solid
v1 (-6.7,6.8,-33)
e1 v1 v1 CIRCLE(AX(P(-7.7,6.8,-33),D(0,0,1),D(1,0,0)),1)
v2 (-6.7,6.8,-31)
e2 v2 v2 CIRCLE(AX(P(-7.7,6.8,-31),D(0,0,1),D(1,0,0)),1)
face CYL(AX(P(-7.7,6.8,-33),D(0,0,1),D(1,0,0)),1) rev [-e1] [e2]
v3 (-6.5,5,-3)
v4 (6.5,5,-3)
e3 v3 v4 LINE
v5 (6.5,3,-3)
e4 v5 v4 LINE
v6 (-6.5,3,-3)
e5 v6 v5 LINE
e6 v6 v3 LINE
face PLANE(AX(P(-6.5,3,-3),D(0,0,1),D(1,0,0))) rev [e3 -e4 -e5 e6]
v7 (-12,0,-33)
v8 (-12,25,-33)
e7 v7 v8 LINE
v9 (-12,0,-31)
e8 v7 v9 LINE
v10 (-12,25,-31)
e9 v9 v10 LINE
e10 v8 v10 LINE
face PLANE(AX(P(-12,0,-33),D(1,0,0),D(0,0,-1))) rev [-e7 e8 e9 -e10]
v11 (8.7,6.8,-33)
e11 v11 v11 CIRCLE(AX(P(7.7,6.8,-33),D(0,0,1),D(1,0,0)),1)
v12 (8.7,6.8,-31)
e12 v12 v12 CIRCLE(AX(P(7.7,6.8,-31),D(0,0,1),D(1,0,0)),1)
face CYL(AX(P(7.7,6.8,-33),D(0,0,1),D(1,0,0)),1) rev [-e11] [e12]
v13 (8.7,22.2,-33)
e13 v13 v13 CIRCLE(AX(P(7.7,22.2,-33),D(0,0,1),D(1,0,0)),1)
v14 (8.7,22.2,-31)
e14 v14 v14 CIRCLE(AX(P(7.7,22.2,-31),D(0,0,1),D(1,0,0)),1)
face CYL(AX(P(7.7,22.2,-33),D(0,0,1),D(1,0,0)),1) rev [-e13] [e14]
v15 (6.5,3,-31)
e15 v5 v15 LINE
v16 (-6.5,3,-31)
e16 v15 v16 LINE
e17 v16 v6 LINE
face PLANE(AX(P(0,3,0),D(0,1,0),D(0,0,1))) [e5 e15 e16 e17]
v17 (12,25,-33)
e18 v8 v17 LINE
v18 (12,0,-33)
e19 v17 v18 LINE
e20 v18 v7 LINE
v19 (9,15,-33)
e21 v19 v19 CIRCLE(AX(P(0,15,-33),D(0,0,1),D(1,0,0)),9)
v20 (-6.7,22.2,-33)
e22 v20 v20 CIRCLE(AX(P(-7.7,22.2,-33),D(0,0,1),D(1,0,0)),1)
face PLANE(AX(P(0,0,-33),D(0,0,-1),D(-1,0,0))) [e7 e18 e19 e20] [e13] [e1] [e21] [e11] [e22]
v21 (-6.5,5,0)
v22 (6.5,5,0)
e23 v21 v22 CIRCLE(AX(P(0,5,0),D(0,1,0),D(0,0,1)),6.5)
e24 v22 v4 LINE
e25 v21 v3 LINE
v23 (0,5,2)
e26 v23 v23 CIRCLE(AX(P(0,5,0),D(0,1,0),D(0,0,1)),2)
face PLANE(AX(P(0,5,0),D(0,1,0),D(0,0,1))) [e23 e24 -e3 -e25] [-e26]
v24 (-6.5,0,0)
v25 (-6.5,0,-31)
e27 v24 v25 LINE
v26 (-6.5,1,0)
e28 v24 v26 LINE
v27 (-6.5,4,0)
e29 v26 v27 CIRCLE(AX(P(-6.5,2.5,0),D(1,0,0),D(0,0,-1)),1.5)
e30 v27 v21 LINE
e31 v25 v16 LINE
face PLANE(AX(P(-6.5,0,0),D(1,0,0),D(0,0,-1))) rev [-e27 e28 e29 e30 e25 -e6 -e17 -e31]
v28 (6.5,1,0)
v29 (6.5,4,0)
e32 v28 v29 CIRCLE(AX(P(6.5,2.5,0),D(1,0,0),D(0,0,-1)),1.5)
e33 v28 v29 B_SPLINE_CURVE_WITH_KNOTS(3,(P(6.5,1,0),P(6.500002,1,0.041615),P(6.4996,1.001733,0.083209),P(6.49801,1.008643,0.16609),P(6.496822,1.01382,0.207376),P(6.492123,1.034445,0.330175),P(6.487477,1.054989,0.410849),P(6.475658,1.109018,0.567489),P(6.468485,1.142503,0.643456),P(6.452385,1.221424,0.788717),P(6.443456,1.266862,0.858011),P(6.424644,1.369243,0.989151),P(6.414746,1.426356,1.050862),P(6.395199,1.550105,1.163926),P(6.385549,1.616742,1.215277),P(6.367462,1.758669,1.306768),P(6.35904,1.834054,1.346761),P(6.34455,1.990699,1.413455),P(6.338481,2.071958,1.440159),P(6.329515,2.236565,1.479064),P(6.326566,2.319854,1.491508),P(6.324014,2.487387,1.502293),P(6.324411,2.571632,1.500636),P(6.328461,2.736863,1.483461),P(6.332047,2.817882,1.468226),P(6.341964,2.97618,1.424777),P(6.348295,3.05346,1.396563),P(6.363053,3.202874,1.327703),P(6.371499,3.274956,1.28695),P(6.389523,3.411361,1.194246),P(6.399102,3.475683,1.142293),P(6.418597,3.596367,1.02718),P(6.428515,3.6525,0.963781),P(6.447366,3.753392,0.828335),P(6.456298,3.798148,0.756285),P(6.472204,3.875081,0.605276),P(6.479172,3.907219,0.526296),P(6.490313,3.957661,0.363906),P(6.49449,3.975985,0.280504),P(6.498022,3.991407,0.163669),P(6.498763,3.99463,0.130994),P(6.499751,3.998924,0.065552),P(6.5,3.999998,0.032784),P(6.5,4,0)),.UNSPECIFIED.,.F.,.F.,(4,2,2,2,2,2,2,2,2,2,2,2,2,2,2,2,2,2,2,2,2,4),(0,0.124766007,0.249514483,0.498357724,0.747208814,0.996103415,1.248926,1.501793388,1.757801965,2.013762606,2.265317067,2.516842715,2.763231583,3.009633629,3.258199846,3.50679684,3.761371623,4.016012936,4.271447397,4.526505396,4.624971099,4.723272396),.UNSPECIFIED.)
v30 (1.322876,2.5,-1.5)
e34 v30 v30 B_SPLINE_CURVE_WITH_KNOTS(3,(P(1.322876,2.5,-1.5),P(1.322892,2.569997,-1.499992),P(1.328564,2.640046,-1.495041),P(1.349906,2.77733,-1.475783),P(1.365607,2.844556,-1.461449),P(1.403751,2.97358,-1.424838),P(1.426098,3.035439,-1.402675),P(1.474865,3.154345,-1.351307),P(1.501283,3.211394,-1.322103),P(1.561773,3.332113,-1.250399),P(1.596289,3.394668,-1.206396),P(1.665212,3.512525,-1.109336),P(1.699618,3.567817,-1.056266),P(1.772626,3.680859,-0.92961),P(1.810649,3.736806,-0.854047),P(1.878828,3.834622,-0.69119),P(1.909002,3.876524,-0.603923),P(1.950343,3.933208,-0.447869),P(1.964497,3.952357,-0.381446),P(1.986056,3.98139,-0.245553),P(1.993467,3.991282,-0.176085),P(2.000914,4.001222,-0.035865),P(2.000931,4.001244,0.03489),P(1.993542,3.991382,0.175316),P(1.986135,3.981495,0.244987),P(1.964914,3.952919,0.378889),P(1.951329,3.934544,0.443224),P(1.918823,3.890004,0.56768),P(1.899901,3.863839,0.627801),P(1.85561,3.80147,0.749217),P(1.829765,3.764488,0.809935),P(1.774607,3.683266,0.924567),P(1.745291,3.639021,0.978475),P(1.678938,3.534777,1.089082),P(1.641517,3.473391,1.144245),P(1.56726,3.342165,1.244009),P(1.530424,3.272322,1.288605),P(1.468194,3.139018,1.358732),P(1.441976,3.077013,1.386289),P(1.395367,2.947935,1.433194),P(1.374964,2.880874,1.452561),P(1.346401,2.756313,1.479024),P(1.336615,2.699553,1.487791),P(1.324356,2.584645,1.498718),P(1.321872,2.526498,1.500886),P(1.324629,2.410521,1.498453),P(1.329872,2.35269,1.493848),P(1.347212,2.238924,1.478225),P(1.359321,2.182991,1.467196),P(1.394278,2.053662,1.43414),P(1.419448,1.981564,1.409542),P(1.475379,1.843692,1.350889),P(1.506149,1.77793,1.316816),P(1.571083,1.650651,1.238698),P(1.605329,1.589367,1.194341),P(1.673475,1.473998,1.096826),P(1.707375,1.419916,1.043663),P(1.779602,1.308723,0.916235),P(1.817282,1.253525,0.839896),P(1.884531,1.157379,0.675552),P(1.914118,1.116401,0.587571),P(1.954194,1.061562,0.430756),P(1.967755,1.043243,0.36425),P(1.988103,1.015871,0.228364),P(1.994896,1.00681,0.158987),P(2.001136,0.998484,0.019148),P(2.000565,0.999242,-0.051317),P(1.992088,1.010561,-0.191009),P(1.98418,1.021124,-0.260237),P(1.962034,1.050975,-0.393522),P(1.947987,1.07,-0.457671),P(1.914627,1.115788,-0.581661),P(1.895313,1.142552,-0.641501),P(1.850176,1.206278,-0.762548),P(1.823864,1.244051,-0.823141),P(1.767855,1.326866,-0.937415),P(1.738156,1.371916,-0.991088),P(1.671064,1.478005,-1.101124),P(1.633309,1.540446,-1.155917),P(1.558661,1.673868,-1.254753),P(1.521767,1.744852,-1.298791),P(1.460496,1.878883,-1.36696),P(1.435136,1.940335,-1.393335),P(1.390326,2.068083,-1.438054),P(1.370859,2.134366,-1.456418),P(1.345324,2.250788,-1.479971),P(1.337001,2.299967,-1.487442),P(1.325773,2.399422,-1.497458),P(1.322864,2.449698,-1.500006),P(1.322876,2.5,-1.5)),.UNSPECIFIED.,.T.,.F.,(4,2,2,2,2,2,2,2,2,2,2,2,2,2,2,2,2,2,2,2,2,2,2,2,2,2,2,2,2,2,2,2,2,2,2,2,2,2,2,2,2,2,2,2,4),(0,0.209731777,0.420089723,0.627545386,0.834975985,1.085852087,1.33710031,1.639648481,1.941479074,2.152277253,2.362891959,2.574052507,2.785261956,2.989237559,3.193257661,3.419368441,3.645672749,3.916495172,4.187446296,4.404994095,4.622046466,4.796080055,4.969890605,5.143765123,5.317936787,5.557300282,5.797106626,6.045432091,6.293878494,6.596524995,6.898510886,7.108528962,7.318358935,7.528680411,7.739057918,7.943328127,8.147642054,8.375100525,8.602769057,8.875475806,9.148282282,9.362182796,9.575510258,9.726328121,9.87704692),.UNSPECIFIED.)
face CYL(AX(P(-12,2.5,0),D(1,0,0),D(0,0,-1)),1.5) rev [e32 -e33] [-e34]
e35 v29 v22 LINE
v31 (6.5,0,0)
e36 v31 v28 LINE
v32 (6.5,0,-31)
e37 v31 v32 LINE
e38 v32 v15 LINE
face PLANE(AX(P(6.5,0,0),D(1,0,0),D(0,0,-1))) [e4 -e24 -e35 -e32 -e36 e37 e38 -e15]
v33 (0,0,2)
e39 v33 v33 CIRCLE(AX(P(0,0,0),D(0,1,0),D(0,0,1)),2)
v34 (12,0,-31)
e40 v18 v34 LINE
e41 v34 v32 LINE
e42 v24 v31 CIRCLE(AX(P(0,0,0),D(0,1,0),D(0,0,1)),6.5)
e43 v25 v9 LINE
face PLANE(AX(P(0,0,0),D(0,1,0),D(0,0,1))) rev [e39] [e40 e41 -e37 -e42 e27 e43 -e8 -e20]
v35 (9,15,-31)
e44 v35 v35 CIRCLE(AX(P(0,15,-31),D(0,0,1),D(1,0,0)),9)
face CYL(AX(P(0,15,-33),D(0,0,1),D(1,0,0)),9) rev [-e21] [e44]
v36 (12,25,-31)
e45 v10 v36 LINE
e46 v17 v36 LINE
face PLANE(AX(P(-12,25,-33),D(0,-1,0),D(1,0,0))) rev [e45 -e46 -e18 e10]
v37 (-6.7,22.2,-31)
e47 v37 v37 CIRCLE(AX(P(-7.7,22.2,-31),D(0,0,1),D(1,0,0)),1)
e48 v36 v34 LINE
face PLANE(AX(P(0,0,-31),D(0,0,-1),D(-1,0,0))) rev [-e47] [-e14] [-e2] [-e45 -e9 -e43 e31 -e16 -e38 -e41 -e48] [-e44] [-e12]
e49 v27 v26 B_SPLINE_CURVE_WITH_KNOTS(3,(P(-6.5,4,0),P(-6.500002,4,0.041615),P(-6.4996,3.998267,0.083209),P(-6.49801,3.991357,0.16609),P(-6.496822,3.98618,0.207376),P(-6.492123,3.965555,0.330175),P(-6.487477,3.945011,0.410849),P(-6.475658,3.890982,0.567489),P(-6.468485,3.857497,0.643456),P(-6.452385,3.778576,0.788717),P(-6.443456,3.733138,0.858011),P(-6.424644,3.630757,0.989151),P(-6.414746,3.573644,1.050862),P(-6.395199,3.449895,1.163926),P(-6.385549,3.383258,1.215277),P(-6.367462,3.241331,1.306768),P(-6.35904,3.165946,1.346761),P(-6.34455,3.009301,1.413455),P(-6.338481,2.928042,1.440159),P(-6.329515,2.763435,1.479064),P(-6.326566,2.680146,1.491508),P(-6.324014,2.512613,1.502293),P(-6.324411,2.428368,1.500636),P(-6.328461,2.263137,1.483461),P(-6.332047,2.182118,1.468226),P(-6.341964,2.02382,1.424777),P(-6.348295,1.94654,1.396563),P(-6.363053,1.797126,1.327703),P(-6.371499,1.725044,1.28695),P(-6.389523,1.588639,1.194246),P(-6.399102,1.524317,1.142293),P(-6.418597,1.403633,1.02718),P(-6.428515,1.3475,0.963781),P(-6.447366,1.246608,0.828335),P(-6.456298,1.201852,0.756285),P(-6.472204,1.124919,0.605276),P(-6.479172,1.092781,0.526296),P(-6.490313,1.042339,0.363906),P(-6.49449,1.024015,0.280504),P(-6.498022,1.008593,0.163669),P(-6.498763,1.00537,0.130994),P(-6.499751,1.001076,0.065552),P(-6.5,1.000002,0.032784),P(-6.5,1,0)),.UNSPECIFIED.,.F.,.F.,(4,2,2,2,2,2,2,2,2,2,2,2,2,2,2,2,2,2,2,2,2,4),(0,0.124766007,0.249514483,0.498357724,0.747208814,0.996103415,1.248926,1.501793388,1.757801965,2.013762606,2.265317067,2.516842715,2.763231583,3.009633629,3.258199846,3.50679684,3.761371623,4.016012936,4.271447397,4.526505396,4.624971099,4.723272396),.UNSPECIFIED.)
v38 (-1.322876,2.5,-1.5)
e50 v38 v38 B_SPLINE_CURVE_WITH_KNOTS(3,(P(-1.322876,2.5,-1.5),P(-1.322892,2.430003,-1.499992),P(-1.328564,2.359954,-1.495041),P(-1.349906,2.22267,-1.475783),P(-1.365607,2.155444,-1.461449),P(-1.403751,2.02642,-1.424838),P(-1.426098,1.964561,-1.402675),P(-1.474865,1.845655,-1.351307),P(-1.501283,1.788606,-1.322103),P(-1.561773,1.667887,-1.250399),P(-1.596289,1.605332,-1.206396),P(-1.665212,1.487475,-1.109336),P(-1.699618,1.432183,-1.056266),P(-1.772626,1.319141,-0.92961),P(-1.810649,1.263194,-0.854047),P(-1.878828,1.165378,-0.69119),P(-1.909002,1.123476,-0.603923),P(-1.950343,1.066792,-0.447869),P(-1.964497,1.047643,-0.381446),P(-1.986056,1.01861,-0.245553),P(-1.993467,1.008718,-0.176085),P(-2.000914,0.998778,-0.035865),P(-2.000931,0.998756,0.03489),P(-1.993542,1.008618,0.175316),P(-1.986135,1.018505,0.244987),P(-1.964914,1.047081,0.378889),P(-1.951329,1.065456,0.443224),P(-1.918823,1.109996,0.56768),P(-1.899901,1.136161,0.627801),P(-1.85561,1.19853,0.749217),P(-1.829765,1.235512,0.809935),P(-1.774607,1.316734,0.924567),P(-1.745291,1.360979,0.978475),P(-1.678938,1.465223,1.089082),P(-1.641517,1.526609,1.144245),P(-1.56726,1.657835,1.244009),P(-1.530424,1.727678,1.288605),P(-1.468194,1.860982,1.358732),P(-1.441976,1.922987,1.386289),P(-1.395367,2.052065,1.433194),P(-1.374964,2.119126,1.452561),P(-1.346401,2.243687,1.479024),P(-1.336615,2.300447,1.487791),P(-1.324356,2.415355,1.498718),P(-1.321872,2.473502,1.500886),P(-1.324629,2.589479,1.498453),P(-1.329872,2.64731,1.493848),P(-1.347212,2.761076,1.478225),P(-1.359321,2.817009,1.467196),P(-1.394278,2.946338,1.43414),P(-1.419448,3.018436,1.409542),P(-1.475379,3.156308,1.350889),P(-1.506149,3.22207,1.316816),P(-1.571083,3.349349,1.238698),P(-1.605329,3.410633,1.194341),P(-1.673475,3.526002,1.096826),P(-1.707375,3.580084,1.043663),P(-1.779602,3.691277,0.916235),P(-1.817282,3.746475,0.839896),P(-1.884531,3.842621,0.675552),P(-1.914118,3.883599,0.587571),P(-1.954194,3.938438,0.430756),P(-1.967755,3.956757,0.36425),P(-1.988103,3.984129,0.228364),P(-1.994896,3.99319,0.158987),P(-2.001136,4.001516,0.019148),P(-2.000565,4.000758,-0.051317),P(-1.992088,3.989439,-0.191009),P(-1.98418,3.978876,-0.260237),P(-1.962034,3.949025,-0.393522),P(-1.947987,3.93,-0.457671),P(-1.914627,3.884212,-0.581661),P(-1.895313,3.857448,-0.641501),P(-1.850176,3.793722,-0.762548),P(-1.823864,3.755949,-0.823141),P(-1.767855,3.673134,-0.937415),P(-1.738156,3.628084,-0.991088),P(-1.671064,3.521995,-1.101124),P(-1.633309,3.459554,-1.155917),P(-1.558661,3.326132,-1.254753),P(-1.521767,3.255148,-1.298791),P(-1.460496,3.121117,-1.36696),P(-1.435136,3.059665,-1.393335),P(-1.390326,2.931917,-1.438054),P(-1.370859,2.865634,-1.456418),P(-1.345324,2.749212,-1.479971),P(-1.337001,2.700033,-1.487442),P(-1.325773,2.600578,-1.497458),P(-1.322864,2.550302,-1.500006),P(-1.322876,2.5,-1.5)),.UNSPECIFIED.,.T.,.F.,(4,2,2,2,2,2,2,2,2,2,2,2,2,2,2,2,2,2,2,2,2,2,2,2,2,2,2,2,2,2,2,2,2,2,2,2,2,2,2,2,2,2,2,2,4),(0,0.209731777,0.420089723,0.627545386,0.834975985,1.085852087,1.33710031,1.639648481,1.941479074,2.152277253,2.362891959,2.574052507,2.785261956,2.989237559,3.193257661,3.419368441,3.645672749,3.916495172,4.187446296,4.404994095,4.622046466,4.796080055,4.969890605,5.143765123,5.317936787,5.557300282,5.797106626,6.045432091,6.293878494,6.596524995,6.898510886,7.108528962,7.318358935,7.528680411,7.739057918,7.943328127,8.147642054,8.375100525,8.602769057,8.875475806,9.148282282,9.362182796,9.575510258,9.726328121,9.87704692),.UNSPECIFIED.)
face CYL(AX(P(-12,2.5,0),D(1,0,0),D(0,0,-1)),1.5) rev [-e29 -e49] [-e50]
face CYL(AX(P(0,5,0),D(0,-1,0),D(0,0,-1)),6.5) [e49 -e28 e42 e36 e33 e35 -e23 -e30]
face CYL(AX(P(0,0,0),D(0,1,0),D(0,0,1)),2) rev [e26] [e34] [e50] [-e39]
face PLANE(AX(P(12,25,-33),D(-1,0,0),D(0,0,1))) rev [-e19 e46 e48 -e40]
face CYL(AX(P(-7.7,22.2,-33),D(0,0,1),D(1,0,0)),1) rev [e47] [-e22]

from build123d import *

# Parameters (mm, degrees)
SKETCH_2_R               = 6.5
EXTRUDE_1_DEPTH          = 5
SKETCH_3_R               = 2
CUT_EXTRUDE_2_DEPTH      = 11.464224768
EXTRUDE_START            = -5
EXTRUDE_2_DEPTH          = 5
EXTRUDE_3_DEPTH          = 2
SKETCH_22_R              = 9
SKETCH_22_R_2            = 1
CUT_EXTRUDE_4_DEPTH      = 2
CUT_EXTRUDE_6_DEPTH      = 44.104524125
CUT_EXTRUDE_6_DEPTH_BACK = 44.104524125
SKETCH_23_R              = 1.5
SKETCH_24_W              = 13
SKETCH_24_H              = 28
CUT_EXTRUDE_7_DEPTH      = 2


with BuildPart() as part:
    # 草图2 → 凸台-拉伸1 (new body)
    with BuildSketch(Plane(origin=(0, 0, 0), x_dir=(1, 0, 0), z_dir=(0, 1, 0))):
        with Locations(Location((0, 0, 0), (0, 0, 270))):
            Circle(SKETCH_2_R)
    extrude(amount=EXTRUDE_1_DEPTH)

    # 草图3 → 切除-拉伸2 (cut, through all)
    with BuildSketch(Plane(origin=(0, 5, 0), x_dir=(1, 0, 0), z_dir=(0, 1, 0))):
        with Locations(Location((0, 0, 0), (0, 0, 270))):
            Circle(SKETCH_3_R)
    extrude(amount=-CUT_EXTRUDE_2_DEPTH, mode=Mode.SUBTRACT)

    # 草图4 → 凸台-拉伸2 (add)
    with BuildSketch(Plane(origin=(0, 5, 0), x_dir=(1, 0, 0), z_dir=(0, 1, 0)).offset(EXTRUDE_START)):
        with BuildLine():
            Line((6.5, 0), (6.5, 31))
            Line((6.5, 31), (3.899148682, 31))
            Line((3.899148682, 31), (-4.100851318, 31))
            Line((-4.100851318, 31), (-6.5, 31))
            Line((-6.5, 31), (-6.5, 0))
            ThreePointArc((-6.5, 0), (0, 6.5), (6.5, 0))
        make_face()
    extrude(amount=EXTRUDE_2_DEPTH)

    # 草图21 → 凸台-拉伸3 (add)
    with BuildSketch(Plane(origin=(0, 0, -31), x_dir=(-1, 0, 0), z_dir=(0, 0, -1))):
        Polygon((0, 0), (12, 0), (12, 25), (-12, 25), (-12, 0), align=None)
    extrude(amount=EXTRUDE_3_DEPTH)

    # 草图22 → 切除-拉伸4 (cut)
    with BuildSketch(Plane.XY.offset(-31)):
        with Locations((0, 15)):
            Circle(SKETCH_22_R)
        with Locations((7.7, 22.2)):
            Circle(SKETCH_22_R_2)
        with Locations((-7.7, 22.2)):
            Circle(SKETCH_22_R_2)
        with Locations((-7.7, 6.8)):
            Circle(SKETCH_22_R_2)
        with Locations((7.7, 6.8)):
            Circle(SKETCH_22_R_2)
    extrude(amount=-CUT_EXTRUDE_4_DEPTH, mode=Mode.SUBTRACT)

    # 草图23 → 切除-拉伸6 (cut, two sides: drawn at the far end of the back side and taken through both)
    with BuildSketch(Plane(origin=(0, 0, 0), x_dir=(0, 0, -1), z_dir=(1, 0, 0)).offset(-CUT_EXTRUDE_6_DEPTH_BACK)):
        with Locations((0, 2.5)):
            Circle(SKETCH_23_R)
    extrude(amount=CUT_EXTRUDE_6_DEPTH + CUT_EXTRUDE_6_DEPTH_BACK, mode=Mode.SUBTRACT)

    # 草图24 → 切除-拉伸7 (cut)
    with BuildSketch(Plane(origin=(0, 5, 0), x_dir=(1, 0, 0), z_dir=(0, 1, 0))):
        with Locations((0, 17)):
            Rectangle(SKETCH_24_W, SKETCH_24_H)
    extrude(amount=-CUT_EXTRUDE_7_DEPTH, mode=Mode.SUBTRACT)


solid = part.part
